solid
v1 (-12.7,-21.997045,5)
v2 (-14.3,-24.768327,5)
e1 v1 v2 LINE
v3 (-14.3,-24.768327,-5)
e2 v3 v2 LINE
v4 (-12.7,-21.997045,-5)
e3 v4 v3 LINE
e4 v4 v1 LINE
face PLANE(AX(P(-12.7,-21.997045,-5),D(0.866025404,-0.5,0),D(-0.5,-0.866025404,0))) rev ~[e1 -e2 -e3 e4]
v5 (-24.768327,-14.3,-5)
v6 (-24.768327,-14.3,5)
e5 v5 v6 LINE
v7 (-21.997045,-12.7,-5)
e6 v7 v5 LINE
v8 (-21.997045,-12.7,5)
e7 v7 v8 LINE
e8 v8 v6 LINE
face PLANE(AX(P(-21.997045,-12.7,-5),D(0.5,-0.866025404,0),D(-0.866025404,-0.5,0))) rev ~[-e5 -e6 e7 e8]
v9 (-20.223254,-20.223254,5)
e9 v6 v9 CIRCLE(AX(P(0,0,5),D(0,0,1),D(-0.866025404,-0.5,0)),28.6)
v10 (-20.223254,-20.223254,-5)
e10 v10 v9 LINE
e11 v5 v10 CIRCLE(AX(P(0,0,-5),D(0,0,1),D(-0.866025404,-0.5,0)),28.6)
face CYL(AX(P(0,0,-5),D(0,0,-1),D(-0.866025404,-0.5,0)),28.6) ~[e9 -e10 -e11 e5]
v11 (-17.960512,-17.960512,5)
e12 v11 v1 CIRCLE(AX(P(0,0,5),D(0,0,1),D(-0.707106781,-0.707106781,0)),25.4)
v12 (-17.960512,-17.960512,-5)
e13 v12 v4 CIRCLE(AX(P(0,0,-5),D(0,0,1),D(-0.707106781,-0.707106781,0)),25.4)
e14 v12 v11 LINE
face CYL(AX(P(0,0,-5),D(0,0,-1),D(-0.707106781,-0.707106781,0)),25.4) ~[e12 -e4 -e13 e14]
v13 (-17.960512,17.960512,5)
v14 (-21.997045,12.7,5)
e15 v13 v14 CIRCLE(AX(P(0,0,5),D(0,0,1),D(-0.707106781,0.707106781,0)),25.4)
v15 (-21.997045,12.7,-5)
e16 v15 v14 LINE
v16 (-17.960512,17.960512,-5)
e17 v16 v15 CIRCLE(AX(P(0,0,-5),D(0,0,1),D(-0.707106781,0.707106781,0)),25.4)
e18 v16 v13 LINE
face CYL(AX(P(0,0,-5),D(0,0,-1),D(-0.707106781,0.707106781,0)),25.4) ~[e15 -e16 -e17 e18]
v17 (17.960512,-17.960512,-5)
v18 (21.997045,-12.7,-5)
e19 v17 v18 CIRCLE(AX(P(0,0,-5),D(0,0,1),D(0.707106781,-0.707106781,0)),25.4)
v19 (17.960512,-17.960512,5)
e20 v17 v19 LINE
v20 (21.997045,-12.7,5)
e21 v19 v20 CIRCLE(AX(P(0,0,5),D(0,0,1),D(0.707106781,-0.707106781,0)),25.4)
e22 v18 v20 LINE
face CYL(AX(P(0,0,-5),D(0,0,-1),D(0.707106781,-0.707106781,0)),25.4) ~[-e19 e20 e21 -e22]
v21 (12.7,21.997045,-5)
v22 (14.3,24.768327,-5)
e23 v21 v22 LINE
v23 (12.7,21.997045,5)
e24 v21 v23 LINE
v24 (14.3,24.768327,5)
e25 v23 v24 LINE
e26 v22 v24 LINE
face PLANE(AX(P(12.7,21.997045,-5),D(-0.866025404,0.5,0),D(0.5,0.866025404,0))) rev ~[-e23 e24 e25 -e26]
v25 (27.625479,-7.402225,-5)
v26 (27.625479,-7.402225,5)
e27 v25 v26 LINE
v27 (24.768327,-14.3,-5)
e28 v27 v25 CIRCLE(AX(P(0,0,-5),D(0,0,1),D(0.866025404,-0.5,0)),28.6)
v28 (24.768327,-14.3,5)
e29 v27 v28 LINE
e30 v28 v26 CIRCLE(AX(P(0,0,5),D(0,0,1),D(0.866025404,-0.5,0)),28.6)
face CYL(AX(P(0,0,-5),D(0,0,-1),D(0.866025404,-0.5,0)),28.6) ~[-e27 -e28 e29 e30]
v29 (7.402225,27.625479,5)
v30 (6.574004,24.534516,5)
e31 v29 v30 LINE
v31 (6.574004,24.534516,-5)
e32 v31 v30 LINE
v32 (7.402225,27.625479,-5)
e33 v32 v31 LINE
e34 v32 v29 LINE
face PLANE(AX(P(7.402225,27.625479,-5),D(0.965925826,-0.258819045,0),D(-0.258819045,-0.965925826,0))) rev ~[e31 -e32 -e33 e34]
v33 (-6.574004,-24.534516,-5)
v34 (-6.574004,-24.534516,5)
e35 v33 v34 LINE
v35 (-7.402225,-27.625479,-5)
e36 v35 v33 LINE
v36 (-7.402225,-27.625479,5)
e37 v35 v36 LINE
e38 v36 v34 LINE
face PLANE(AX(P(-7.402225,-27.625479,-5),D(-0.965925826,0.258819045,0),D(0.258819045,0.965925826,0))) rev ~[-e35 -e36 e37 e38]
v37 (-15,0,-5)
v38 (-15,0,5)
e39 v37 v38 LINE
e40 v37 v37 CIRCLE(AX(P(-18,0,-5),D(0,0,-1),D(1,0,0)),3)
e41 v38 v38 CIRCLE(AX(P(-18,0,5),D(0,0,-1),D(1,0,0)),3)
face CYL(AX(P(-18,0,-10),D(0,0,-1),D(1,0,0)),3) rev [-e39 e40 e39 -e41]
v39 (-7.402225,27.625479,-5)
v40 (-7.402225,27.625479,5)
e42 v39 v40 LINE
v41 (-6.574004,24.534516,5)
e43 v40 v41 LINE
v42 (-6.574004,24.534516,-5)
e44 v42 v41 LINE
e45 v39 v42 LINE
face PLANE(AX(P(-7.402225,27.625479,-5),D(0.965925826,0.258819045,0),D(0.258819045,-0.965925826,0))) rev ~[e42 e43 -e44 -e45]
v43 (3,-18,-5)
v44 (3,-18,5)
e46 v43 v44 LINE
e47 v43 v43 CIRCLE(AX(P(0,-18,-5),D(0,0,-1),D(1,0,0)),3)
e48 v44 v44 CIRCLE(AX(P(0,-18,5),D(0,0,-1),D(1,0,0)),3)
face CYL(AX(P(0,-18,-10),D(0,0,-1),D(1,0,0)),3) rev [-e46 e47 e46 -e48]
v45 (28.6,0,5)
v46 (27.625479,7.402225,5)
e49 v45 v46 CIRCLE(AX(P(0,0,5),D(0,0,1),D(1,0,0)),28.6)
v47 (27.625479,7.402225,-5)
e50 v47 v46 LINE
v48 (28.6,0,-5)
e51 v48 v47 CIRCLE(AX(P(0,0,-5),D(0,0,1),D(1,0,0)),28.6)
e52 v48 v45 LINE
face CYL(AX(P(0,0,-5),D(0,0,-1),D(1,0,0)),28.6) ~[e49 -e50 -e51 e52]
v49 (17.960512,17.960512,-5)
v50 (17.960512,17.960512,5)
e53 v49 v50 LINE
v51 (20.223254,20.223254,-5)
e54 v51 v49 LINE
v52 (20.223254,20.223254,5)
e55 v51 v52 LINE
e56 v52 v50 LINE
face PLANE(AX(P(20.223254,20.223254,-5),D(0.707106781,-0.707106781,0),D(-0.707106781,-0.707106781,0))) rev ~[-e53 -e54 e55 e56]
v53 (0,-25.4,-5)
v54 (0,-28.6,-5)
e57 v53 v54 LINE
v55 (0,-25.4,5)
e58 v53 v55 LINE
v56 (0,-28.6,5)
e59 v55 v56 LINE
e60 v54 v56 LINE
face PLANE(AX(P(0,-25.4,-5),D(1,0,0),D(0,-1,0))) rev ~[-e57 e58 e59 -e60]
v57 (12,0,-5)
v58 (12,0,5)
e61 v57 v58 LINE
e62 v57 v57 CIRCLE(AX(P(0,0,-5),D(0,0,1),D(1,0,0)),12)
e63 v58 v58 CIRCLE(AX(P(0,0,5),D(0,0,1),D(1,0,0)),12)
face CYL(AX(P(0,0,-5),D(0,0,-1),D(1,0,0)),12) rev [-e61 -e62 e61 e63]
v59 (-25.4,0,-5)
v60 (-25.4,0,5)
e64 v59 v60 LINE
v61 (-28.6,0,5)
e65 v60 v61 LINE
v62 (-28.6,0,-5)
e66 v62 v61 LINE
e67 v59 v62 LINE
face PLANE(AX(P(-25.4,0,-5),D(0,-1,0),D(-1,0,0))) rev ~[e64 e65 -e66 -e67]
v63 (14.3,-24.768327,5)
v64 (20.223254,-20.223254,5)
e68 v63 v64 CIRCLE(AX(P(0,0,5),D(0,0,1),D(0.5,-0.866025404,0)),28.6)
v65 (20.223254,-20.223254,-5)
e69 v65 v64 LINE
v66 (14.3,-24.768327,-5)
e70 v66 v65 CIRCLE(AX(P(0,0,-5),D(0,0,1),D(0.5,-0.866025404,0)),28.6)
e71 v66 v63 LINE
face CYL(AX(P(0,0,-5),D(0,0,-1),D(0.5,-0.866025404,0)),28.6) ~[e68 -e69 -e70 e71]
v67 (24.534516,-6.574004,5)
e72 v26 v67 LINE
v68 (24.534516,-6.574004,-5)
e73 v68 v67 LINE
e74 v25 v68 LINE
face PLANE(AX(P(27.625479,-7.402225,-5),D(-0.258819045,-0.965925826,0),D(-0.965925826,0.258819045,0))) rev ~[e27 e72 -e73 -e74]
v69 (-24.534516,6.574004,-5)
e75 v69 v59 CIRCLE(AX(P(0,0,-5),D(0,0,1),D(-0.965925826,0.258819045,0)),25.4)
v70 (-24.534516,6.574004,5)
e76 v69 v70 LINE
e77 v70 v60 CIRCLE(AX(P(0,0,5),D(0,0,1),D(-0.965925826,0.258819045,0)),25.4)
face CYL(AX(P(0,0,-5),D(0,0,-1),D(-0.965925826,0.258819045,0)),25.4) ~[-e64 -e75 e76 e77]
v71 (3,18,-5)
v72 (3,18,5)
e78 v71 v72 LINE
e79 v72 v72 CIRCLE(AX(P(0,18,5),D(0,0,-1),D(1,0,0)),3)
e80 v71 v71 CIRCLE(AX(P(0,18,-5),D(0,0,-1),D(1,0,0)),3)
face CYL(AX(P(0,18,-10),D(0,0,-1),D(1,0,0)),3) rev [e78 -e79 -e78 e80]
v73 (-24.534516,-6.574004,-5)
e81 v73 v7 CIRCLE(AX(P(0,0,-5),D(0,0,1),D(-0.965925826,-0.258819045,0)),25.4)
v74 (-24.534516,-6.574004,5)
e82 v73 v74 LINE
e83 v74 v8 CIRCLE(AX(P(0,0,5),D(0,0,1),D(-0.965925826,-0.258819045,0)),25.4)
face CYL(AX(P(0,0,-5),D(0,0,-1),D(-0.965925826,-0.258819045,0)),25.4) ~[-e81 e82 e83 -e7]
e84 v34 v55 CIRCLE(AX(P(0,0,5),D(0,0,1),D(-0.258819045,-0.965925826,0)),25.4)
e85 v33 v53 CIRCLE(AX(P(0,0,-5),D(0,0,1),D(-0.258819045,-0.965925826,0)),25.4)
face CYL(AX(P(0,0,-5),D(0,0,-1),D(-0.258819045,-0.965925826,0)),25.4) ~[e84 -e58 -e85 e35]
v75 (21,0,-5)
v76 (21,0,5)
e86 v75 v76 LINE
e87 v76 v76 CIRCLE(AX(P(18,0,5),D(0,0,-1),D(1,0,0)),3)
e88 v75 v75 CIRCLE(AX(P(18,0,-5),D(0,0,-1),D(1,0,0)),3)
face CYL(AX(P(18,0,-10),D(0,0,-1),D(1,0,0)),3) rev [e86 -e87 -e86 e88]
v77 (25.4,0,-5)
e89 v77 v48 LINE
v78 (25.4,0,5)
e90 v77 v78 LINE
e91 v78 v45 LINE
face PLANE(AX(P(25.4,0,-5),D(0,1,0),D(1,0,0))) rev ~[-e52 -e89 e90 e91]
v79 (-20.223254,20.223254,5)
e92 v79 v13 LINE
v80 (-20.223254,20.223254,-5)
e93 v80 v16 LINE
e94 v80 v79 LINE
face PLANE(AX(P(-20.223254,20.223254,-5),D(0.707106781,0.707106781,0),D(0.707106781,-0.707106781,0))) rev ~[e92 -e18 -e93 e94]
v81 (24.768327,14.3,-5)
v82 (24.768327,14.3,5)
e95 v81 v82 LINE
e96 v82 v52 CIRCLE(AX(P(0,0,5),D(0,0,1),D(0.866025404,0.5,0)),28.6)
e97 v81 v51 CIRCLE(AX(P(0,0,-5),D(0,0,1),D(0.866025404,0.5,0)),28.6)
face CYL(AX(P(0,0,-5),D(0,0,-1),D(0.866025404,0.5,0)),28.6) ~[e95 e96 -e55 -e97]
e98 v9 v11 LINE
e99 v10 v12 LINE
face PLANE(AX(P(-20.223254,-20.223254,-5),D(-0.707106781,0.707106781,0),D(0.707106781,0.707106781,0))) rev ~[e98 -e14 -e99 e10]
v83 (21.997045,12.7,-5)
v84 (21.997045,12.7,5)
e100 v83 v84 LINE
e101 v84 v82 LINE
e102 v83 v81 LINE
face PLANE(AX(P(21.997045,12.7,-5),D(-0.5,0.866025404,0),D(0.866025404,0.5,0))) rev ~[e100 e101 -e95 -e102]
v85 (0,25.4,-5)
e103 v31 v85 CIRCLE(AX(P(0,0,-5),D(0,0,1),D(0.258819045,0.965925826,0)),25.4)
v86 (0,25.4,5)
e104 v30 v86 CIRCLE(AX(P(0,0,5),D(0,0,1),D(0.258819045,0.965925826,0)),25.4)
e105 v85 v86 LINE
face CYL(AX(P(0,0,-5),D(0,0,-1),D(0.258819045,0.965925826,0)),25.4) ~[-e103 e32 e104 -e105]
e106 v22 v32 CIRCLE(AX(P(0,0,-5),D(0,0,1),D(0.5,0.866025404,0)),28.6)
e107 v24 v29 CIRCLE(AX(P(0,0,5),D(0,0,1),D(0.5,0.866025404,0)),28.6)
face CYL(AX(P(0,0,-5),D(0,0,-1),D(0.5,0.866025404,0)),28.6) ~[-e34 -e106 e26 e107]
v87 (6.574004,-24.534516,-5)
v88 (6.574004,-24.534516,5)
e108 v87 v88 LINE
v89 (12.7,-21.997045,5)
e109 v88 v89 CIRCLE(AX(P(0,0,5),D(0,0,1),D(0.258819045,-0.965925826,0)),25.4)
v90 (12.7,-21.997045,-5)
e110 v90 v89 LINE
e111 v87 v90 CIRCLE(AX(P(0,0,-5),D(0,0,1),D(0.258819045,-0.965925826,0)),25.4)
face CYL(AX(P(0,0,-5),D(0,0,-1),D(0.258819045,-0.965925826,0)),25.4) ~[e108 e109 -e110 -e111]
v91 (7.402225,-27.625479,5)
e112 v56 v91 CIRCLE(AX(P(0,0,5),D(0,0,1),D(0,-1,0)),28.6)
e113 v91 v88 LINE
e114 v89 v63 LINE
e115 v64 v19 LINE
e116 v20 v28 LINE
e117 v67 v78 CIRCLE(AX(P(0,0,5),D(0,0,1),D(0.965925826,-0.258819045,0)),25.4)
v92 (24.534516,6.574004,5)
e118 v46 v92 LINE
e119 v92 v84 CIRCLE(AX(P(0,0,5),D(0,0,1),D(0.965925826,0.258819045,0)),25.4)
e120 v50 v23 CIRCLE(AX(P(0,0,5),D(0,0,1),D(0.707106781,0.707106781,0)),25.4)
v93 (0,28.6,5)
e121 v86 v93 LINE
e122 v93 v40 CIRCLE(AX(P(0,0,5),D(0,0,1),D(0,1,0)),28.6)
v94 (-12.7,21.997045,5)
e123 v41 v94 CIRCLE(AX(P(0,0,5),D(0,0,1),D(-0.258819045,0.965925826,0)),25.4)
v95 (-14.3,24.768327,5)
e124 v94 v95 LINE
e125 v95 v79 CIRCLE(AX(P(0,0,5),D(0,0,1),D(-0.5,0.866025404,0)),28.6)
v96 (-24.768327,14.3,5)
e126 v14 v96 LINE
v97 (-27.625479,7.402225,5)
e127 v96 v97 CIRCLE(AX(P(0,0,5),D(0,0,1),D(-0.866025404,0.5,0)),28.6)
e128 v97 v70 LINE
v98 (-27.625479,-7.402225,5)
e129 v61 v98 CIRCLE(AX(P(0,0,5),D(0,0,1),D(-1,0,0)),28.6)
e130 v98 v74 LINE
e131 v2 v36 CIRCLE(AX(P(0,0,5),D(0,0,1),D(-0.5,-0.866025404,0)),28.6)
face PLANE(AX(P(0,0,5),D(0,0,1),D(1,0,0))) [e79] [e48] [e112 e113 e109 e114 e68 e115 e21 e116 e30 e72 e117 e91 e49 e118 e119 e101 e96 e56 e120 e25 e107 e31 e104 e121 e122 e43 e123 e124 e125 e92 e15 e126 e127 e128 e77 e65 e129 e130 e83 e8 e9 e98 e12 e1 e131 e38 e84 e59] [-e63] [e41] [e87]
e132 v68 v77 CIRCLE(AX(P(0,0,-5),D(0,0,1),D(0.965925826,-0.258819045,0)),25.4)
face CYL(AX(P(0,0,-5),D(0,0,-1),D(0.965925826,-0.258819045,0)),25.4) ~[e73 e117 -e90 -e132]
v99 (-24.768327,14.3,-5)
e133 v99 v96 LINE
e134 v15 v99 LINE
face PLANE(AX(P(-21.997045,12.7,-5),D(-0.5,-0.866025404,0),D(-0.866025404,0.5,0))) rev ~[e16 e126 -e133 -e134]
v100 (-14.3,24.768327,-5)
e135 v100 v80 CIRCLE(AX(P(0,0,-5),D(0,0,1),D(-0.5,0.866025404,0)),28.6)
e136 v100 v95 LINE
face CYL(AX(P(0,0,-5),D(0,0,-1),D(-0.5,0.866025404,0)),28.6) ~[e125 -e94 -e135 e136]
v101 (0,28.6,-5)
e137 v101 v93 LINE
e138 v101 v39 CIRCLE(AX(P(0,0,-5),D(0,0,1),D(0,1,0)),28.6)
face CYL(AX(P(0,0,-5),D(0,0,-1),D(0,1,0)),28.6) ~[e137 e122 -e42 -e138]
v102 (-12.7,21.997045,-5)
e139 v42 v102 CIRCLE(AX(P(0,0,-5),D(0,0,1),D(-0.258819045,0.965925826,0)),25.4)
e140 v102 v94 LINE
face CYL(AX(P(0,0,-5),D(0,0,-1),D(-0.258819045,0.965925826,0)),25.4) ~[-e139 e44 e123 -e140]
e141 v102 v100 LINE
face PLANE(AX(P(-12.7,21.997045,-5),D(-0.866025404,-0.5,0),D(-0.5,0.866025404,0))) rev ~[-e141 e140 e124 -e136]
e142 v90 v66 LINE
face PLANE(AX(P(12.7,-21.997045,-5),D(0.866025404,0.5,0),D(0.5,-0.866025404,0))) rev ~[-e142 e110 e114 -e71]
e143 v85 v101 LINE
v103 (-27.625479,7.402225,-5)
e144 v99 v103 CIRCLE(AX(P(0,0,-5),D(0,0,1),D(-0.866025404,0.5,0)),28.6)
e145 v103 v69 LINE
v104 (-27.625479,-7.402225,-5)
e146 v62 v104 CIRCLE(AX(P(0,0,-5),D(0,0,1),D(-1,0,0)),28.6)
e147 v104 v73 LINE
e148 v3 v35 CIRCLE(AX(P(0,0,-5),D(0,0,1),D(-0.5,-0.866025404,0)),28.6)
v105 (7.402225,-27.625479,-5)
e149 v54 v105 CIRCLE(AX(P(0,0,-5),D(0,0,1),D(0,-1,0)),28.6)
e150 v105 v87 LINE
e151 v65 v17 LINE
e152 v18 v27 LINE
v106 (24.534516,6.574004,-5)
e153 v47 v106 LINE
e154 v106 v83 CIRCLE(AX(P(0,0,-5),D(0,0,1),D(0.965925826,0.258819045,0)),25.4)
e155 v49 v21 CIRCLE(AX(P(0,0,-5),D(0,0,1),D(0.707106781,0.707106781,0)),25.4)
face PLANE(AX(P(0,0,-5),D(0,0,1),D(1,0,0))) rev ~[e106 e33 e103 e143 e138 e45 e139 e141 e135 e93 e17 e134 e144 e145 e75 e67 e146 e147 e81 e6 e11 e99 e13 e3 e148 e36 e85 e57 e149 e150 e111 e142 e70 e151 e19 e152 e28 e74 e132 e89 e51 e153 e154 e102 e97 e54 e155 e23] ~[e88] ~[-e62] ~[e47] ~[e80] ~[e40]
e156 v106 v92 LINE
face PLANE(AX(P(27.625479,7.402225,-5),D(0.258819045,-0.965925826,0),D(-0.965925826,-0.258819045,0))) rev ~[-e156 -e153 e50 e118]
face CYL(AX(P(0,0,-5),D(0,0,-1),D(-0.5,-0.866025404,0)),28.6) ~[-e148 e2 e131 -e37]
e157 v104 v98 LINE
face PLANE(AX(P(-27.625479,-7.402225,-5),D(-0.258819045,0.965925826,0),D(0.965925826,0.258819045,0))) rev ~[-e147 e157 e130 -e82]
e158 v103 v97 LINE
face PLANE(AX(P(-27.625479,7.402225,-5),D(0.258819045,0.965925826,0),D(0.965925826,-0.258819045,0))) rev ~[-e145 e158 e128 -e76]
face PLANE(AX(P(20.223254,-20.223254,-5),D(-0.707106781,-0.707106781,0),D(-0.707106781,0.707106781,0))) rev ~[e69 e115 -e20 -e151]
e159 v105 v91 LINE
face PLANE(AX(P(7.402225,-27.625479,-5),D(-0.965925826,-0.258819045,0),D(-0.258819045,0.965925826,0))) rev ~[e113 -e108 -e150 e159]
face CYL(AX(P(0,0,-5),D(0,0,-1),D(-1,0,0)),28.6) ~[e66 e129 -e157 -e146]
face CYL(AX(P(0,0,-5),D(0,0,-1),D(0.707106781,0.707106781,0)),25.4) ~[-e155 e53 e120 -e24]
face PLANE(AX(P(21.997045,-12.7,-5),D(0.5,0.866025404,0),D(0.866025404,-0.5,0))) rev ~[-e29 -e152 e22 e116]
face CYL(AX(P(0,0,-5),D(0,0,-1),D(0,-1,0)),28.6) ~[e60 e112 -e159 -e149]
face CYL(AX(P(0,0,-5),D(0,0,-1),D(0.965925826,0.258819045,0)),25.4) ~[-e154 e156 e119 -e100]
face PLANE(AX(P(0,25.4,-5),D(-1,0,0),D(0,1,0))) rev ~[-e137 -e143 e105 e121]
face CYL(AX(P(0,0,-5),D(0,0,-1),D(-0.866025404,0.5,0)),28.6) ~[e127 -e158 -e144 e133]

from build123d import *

# Parameters (mm, degrees)
EXTRUDE_1_DEPTH          = 5
EXTRUDE_1_DEPTH_BACK     = 5
SKETCH_1_R               = 12
CUT_EXTRUDE_1_DEPTH      = 10
CUT_EXTRUDE_1_DEPTH_BACK = 10
SKETCH_2_R               = 3


with BuildPart() as part:
    # 草图1 → 凸台-拉伸1 (new, two sides: drawn at the far end of the back side and taken through both)
    with BuildSketch(Plane.XY.offset(-EXTRUDE_1_DEPTH_BACK)):
        with BuildLine():
            Line((21.997045256, -12.7), (24.768326548, -14.3))
            ThreePointArc((24.768326548, -14.3), (26.42295463, -10.944746166), (27.625478632, -7.40222469))
            Line((27.625478632, -7.40222469), (24.534515988, -6.574003746))
            ThreePointArc((24.534515988, -6.574003746), (25.182699479, -3.315365282), (25.4, 0))
            Line((25.4, 0), (28.6, 0))
            ThreePointArc((28.6, 0), (28.355323035, 3.733049097), (27.625478632, 7.40222469))
            Line((27.625478632, 7.40222469), (24.534515988, 6.574003746))
            ThreePointArc((24.534515988, 6.574003746), (23.466540126, 9.720159182), (21.997045256, 12.7))
            Line((21.997045256, 12.7), (24.768326548, 14.3))
            ThreePointArc((24.768326548, 14.3), (22.689905532, 17.41057687), (20.223253942, 20.223253942))
            Line((20.223253942, 20.223253942), (17.960512242, 17.960512242))
            ThreePointArc((17.960512242, 17.960512242), (15.462540297, 20.151174843), (12.7, 21.997045256))
            Line((12.7, 21.997045256), (14.3, 24.768326548))
            ThreePointArc((14.3, 24.768326548), (10.944746166, 26.42295463), (7.40222469, 27.625478632))
            Line((7.40222469, 27.625478632), (6.574003746, 24.534515988))
            ThreePointArc((6.574003746, 24.534515988), (3.315365282, 25.182699479), (0, 25.4))
            Line((0, 25.4), (0, 28.6))
            ThreePointArc((0, 28.6), (-3.733049097, 28.355323035), (-7.40222469, 27.625478632))
            Line((-7.40222469, 27.625478632), (-6.574003746, 24.534515988))
            ThreePointArc((-6.574003746, 24.534515988), (-9.720159182, 23.466540126), (-12.7, 21.997045256))
            Line((-12.7, 21.997045256), (-14.3, 24.768326548))
            ThreePointArc((-14.3, 24.768326548), (-17.41057687, 22.689905532), (-20.223253942, 20.223253942))
            Line((-20.223253942, 20.223253942), (-17.960512242, 17.960512242))
            ThreePointArc((-17.960512242, 17.960512242), (-20.151174843, 15.462540297), (-21.997045256, 12.7))
            Line((-21.997045256, 12.7), (-24.768326548, 14.3))
            ThreePointArc((-24.768326548, 14.3), (-26.42295463, 10.944746166), (-27.625478632, 7.40222469))
            Line((-27.625478632, 7.40222469), (-24.534515988, 6.574003746))
            ThreePointArc((-24.534515988, 6.574003746), (-25.182699479, 3.315365282), (-25.4, 0))
            Line((-25.4, 0), (-28.6, 0))
            ThreePointArc((-28.6, 0), (-28.355323035, -3.733049097), (-27.625478632, -7.40222469))
            Line((-27.625478632, -7.40222469), (-24.534515988, -6.574003746))
            ThreePointArc((-24.534515988, -6.574003746), (-23.466540126, -9.720159182), (-21.997045256, -12.7))
            Line((-21.997045256, -12.7), (-24.768326548, -14.3))
            ThreePointArc((-24.768326548, -14.3), (-22.689905532, -17.41057687), (-20.223253942, -20.223253942))
            Line((-20.223253942, -20.223253942), (-17.960512242, -17.960512242))
            ThreePointArc((-17.960512242, -17.960512242), (-15.462540297, -20.151174843), (-12.7, -21.997045256))
            Line((-12.7, -21.997045256), (-14.3, -24.768326548))
            ThreePointArc((-14.3, -24.768326548), (-10.944746166, -26.42295463), (-7.40222469, -27.625478632))
            Line((-7.40222469, -27.625478632), (-6.574003746, -24.534515988))
            ThreePointArc((-6.574003746, -24.534515988), (-3.315365282, -25.182699479), (0, -25.4))
            Line((0, -25.4), (0, -28.6))
            ThreePointArc((0, -28.6), (3.733049097, -28.355323035), (7.40222469, -27.625478632))
            Line((7.40222469, -27.625478632), (6.574003746, -24.534515988))
            ThreePointArc((6.574003746, -24.534515988), (9.720159182, -23.466540126), (12.7, -21.997045256))
            Line((12.7, -21.997045256), (14.3, -24.768326548))
            ThreePointArc((14.3, -24.768326548), (17.41057687, -22.689905532), (20.223253942, -20.223253942))
            Line((20.223253942, -20.223253942), (17.960512242, -17.960512242))
            ThreePointArc((17.960512242, -17.960512242), (20.151174843, -15.462540297), (21.997045256, -12.7))
        make_face()
        Circle(SKETCH_1_R, mode=Mode.SUBTRACT)
    extrude(amount=EXTRUDE_1_DEPTH + EXTRUDE_1_DEPTH_BACK)

    # 草图2 → 切除-拉伸1 (cut, two sides: drawn at the far end of the back side and taken through both)
    with BuildSketch(Plane.XY.offset(-CUT_EXTRUDE_1_DEPTH_BACK)):
        with Locations((18, 0)):
            Circle(SKETCH_2_R)
        with Locations((0, -18)):
            Circle(SKETCH_2_R)
        with Locations((-18, 0)):
            Circle(SKETCH_2_R)
        with Locations((0, 18)):
            Circle(SKETCH_2_R)
    extrude(amount=CUT_EXTRUDE_1_DEPTH + CUT_EXTRUDE_1_DEPTH_BACK, mode=Mode.SUBTRACT)


solid = part.part
